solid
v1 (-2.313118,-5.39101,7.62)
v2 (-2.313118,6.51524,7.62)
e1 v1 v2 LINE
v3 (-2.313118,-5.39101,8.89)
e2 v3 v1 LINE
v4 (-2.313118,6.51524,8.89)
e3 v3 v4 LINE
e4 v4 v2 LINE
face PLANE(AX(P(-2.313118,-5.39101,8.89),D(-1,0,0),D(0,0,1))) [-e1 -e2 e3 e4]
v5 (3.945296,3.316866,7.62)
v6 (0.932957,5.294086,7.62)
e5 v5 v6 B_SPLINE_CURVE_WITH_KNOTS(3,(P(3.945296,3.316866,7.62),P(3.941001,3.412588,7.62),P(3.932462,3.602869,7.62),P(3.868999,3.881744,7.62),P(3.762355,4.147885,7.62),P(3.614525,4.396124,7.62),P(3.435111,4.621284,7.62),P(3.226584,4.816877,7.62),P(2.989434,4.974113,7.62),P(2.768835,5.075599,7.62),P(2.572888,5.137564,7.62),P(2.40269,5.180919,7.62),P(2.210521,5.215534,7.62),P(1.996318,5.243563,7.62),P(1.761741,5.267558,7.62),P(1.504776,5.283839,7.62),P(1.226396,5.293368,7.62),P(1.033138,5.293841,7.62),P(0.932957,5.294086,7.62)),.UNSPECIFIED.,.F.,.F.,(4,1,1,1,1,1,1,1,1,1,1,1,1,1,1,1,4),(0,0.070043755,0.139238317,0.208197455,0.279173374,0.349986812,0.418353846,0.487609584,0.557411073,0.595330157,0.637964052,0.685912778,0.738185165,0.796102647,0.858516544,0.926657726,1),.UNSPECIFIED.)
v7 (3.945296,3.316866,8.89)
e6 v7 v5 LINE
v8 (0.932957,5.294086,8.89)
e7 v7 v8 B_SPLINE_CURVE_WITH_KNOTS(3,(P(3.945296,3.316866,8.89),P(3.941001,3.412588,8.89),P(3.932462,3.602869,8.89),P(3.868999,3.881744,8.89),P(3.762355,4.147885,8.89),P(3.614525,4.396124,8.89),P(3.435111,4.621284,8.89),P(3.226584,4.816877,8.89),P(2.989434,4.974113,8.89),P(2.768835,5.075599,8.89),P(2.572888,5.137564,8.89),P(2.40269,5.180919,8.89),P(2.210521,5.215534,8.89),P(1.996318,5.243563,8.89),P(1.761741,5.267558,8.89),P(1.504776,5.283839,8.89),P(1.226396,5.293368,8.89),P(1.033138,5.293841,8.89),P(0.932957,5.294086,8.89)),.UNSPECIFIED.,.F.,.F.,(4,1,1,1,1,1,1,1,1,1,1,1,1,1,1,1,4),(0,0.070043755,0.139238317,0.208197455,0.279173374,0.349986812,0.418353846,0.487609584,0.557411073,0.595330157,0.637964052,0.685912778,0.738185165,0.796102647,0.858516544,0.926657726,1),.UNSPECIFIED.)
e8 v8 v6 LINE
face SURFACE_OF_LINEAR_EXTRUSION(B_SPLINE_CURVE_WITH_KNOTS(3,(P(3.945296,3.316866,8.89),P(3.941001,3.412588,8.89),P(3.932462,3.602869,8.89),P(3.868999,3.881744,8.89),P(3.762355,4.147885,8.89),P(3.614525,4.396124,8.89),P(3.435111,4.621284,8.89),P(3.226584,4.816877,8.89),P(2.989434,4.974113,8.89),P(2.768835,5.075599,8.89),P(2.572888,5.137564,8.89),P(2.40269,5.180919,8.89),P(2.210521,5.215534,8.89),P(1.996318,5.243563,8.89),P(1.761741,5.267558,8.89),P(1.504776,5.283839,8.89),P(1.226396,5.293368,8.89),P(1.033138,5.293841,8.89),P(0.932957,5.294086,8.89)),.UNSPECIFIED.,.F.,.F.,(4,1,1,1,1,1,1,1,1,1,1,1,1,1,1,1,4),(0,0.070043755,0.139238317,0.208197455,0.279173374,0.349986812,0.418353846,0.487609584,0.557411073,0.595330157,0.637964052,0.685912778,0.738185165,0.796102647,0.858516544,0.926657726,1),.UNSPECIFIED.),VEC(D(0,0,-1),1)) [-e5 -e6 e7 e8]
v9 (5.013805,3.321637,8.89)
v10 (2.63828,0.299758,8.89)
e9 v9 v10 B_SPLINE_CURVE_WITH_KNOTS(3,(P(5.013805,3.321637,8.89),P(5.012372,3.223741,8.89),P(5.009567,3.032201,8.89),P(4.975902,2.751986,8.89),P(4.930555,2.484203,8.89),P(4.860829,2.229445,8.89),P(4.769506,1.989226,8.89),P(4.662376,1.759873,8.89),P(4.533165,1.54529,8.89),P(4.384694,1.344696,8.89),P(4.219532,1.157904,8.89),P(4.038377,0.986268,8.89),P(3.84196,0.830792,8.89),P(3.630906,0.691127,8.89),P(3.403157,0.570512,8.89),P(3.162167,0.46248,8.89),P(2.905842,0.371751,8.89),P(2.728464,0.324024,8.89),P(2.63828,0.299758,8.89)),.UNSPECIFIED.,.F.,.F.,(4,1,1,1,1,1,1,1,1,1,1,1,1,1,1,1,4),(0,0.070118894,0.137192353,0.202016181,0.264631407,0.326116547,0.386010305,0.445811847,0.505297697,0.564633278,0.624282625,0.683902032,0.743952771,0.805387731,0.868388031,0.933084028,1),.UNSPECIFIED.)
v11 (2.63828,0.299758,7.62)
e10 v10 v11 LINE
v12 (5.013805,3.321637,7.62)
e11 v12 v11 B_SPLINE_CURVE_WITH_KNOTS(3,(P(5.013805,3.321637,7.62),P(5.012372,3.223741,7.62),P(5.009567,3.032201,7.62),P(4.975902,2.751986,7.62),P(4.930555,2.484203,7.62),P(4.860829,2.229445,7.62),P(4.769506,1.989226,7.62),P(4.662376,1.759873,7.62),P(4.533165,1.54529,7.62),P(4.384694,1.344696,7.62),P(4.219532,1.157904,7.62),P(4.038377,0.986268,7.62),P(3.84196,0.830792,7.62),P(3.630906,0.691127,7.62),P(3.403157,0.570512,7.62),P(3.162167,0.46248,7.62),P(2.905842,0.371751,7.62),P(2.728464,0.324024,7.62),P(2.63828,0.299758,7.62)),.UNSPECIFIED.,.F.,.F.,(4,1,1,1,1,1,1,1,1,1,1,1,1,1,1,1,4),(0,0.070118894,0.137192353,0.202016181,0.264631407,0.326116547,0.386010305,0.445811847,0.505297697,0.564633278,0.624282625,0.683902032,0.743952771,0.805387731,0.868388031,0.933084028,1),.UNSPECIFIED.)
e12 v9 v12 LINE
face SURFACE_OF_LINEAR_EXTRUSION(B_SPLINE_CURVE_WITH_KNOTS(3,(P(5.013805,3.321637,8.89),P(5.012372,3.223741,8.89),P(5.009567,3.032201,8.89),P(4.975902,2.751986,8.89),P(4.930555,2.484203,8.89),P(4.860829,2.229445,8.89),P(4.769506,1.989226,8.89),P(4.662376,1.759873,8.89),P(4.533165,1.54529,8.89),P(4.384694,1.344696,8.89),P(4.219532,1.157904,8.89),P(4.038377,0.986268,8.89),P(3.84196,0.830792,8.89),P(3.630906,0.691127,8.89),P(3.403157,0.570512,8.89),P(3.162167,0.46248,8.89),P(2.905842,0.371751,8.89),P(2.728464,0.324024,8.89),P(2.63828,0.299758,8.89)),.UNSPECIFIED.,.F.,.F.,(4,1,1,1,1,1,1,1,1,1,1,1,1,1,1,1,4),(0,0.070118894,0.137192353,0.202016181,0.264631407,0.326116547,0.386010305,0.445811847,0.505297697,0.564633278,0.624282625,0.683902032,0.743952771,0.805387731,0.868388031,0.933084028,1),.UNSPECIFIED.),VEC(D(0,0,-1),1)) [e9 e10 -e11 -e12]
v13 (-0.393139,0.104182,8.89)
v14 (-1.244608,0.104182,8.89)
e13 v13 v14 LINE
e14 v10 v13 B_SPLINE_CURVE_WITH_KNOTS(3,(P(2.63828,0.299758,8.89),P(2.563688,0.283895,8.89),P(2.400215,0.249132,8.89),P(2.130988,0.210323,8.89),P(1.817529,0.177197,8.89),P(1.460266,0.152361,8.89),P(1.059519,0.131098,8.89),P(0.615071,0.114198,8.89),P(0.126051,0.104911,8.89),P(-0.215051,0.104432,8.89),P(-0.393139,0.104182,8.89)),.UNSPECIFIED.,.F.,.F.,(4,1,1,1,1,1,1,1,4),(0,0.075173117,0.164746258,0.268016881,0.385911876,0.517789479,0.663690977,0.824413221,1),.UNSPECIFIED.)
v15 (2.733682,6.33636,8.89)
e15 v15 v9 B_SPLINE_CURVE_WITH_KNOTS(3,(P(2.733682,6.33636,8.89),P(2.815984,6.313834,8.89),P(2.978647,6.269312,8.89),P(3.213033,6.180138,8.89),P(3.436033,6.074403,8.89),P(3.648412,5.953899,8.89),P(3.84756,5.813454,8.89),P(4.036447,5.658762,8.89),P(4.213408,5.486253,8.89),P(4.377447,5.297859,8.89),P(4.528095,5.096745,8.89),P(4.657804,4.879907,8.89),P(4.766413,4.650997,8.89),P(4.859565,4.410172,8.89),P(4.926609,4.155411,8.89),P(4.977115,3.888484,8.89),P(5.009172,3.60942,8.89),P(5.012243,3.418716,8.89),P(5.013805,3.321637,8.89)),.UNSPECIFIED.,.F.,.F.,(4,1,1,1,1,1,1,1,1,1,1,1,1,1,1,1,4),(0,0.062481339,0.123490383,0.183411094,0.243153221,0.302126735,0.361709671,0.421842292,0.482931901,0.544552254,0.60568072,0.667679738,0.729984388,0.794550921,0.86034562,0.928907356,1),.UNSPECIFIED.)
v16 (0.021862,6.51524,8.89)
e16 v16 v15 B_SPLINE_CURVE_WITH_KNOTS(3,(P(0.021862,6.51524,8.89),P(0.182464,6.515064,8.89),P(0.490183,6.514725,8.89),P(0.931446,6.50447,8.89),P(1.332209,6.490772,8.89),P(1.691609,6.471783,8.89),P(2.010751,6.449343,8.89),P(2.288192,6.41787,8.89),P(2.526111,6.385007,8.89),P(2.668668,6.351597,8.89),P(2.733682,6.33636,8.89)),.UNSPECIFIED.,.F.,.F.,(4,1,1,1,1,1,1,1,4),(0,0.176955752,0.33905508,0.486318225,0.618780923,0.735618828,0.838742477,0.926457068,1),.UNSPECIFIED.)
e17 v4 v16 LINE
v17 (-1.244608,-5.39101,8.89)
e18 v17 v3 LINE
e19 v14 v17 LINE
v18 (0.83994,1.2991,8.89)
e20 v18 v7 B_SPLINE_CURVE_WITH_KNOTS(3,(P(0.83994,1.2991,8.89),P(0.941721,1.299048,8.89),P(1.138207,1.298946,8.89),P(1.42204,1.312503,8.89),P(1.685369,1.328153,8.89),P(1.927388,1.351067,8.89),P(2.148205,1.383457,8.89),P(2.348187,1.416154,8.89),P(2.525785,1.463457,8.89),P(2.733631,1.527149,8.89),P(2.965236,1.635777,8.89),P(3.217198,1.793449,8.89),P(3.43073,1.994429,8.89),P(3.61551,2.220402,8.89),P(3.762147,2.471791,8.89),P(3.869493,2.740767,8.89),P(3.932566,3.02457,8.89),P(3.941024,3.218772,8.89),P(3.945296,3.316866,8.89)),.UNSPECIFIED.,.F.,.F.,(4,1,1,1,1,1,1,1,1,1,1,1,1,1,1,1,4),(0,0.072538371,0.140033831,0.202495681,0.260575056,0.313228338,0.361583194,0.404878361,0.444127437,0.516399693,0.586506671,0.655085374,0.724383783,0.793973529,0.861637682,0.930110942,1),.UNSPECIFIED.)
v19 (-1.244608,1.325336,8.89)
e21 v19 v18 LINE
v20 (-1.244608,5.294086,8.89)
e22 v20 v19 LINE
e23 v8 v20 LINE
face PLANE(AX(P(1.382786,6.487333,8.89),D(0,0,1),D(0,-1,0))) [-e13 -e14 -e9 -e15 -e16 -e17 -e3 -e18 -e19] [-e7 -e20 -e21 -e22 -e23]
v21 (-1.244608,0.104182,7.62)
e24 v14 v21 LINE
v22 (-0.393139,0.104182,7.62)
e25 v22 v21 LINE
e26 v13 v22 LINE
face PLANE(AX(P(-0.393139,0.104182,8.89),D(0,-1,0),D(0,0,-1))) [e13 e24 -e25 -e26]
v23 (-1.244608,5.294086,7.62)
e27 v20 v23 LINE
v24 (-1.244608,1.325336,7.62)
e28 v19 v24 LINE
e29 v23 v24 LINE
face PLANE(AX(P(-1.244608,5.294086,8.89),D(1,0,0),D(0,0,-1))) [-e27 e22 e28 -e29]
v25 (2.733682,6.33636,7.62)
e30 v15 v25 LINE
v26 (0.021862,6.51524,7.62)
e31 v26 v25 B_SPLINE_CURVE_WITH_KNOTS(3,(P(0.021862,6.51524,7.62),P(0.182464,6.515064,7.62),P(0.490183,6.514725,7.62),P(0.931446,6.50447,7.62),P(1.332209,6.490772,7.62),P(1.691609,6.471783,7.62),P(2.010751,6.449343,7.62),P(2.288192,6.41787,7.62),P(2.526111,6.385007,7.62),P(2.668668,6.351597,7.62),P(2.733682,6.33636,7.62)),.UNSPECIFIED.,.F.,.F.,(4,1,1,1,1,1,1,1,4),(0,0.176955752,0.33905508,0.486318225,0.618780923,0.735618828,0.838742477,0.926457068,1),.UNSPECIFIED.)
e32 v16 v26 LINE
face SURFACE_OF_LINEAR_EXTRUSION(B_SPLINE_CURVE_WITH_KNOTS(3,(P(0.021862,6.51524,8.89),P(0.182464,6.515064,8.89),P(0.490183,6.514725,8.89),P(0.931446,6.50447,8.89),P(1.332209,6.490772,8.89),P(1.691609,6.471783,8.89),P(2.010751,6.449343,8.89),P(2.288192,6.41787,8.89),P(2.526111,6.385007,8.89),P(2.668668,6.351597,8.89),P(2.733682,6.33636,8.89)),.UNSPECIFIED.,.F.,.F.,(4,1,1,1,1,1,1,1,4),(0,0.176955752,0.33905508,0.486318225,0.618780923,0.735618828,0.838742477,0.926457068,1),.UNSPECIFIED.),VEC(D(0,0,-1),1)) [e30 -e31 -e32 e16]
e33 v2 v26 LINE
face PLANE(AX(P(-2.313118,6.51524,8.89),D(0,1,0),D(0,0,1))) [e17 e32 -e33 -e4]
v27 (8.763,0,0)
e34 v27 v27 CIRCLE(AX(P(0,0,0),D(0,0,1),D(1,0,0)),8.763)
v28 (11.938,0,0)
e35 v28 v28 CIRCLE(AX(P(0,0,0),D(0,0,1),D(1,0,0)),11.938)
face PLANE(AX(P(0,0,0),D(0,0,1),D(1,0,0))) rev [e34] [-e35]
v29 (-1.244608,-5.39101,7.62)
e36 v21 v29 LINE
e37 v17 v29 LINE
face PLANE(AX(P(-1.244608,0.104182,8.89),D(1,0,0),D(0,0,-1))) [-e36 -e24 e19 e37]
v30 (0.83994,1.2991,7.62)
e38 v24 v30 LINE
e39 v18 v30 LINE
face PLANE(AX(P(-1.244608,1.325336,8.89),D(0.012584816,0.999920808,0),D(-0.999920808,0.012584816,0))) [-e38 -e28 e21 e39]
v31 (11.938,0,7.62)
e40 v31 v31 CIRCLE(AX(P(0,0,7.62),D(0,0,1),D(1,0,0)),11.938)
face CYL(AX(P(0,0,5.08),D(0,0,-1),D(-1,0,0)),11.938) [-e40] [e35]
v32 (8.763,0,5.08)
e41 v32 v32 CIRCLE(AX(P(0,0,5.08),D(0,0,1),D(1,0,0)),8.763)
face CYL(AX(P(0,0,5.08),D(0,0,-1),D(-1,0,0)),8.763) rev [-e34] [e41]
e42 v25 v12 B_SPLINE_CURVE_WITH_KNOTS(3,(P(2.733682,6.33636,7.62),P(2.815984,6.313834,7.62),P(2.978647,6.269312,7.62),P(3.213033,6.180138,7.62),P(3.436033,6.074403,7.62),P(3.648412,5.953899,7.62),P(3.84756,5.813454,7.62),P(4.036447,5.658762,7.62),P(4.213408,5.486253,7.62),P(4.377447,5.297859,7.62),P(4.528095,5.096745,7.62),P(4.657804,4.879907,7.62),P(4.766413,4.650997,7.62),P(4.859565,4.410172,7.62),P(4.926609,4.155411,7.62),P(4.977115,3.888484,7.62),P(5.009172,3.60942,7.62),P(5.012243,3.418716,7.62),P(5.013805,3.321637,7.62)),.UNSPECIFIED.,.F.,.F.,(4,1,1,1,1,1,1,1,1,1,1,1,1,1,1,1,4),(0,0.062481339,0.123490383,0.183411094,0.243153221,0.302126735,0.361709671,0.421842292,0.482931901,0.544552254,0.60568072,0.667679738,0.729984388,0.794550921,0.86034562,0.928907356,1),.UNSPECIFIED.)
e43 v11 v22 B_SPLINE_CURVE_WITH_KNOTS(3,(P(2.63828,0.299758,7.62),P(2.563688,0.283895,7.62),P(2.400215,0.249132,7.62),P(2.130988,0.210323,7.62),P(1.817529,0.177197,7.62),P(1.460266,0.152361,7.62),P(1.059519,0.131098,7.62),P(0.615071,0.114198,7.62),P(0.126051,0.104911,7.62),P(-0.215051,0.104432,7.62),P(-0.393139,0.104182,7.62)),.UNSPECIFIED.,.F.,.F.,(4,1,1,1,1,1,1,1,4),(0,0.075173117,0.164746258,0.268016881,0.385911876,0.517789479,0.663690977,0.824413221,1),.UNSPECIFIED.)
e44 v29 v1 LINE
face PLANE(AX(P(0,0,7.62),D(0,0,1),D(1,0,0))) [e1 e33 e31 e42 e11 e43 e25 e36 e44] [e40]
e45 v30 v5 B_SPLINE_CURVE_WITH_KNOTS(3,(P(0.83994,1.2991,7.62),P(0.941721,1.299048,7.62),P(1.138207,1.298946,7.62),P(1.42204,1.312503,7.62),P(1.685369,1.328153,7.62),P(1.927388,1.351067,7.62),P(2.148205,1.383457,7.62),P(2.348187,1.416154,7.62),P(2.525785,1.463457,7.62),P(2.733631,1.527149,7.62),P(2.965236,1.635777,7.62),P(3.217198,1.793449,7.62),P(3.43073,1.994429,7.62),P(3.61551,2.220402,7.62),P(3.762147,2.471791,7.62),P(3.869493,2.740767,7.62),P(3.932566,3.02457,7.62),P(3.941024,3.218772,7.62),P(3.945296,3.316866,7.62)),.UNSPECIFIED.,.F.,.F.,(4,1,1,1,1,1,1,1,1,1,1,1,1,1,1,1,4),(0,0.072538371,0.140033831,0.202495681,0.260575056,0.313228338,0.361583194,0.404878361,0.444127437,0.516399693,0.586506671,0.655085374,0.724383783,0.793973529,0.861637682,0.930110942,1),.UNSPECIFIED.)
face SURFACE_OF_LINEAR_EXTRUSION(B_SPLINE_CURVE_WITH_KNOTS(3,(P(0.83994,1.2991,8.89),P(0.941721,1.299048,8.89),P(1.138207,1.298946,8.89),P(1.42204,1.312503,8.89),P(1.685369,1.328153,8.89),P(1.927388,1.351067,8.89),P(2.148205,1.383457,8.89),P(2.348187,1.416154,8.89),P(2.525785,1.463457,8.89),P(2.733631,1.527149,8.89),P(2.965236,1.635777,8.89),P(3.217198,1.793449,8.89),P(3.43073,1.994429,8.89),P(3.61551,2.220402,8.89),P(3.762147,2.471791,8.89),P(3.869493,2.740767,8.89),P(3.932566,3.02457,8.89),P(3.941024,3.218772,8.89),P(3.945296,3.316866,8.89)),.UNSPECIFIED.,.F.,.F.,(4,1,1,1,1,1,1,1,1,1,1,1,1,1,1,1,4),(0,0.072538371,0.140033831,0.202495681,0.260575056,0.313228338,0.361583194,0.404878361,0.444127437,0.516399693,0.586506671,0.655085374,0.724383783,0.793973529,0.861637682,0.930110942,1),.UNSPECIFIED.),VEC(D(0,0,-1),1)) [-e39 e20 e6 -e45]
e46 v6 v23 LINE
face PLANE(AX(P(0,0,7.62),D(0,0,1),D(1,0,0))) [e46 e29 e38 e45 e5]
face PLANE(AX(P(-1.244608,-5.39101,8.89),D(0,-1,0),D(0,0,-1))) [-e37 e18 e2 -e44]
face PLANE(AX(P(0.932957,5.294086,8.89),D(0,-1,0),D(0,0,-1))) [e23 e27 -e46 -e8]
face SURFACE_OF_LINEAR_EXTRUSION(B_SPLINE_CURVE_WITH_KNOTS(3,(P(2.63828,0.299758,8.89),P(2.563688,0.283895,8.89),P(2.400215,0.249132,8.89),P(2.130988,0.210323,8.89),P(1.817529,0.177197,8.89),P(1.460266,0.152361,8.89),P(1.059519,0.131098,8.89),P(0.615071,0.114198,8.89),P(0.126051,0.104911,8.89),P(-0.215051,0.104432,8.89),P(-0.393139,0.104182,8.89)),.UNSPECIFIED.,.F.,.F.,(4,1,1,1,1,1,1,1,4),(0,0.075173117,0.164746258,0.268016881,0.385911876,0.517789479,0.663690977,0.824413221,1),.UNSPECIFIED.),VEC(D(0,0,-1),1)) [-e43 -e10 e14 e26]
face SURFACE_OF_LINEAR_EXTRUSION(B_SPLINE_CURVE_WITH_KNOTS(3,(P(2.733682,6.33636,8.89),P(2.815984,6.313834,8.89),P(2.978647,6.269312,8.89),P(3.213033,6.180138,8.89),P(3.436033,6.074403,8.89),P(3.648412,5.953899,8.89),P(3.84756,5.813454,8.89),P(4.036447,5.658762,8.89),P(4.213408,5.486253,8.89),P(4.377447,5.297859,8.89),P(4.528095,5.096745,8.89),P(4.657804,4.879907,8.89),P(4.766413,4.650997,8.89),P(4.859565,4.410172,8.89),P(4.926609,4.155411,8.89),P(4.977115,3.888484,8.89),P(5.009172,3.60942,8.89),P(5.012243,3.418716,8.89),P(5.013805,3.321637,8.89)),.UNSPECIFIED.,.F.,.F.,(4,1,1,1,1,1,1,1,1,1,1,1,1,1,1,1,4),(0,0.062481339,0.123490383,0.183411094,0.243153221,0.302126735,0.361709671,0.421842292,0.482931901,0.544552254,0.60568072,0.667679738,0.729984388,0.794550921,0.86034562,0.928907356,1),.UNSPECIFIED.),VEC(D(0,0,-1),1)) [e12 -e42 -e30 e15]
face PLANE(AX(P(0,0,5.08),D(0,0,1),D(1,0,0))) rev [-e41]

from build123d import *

# Parameters (mm, degrees)
SKETCH1_R           = 11.938
SKETCH1_R_2         = 8.763
BOSS_EXTRUDE1_DEPTH = 5.08
SKETCH2_R           = 11.938
BOSS_EXTRUDE2_DEPTH = 2.54
BOSS_EXTRUDE3_DEPTH = 1.27


with BuildPart() as part:
    # Sketch1 → Boss-Extrude1 (new body)
    with BuildSketch(Plane.XY):
        Circle(SKETCH1_R)
        Circle(SKETCH1_R_2, mode=Mode.SUBTRACT)
    extrude(amount=BOSS_EXTRUDE1_DEPTH)

    # Sketch2 → Boss-Extrude2 (add)
    with BuildSketch(Plane.XY.offset(5.08)):
        Circle(SKETCH2_R)
    extrude(amount=BOSS_EXTRUDE2_DEPTH)

    # Sketch3 → Boss-Extrude3 (add)
    with BuildSketch(Plane.XY.offset(7.62)):
        with BuildLine():
            Line((-2.313117578, 6.515240045), (0.02186214, 6.515240045))
            add(Edge.make_bspline(
                [(0.02186214, 6.515240045), (0.182463526, 6.515063505), (0.490182914, 6.514725246), (0.931445737, 6.504469727), (1.332209199, 6.490771783), (1.691609156, 6.471783379), (2.010751418, 6.449343193), (2.288191875, 6.417869737), (2.526111258, 6.385007482), (2.668668019, 6.351597161), (2.733682302, 6.336360087)],
                knots=[0, 0, 0, 0, 1.415646017, 2.712440637, 3.8905458, 4.950247383, 5.884950622, 6.709939814, 7.411656543, 8, 8, 8, 8], degree=3))
            add(Edge.make_bspline(
                [(2.733682302, 6.336360087), (2.81598352, 6.313833632), (2.97864663, 6.269311531), (3.213033214, 6.180138061), (3.436033349, 6.074403196), (3.648412132, 5.953898543), (3.847559754, 5.813453901), (4.036447447, 5.658762398), (4.213408273, 5.486252508), (4.377447115, 5.297859098), (4.528094507, 5.096744813), (4.657803517, 4.879907406), (4.766413102, 4.650996811), (4.859565123, 4.410172252), (4.926609062, 4.15541142), (4.977115034, 3.888484478), (5.009172195, 3.609420041), (5.012242517, 3.418716385), (5.013805499, 3.321636529)],
                knots=[0, 0, 0, 0, 0.999701418, 1.975846123, 2.934577507, 3.890451536, 4.834027766, 5.787354733, 6.749476667, 7.726910423, 8.712836071, 9.690891519, 10.682875813, 11.679750201, 12.712814741, 13.765529915, 14.8625177, 16, 16, 16, 16], degree=3))
            add(Edge.make_bspline(
                [(5.013805499, 3.321636529), (5.012371903, 3.223740699), (5.009566974, 3.032200896), (4.975901932, 2.751986322), (4.930555476, 2.484203227), (4.860828897, 2.229445364), (4.769505669, 1.989225645), (4.662376454, 1.759873061), (4.533164623, 1.545289534), (4.384694265, 1.344696036), (4.219532145, 1.157904281), (4.03837706, 0.986267882), (3.84196036, 0.830791516), (3.630906267, 0.691126633), (3.403157228, 0.570511968), (3.162167402, 0.462480421), (2.905842112, 0.371751188), (2.728464453, 0.324023926), (2.638279658, 0.299757773)],
                knots=[0, 0, 0, 0, 1.121902311, 2.195077645, 3.232258892, 4.234102512, 5.217864754, 6.176164875, 7.132989551, 8.084763148, 9.034132444, 9.988522005, 10.94243251, 11.903244335, 12.886203696, 13.894208494, 14.929344452, 16, 16, 16, 16], degree=3))
            add(Edge.make_bspline(
                [(2.638279658, 0.299757773), (2.563687566, 0.283895311), (2.400214661, 0.249131802), (2.130988079, 0.210322676), (1.817529222, 0.177197445), (1.46026593, 0.15236054), (1.059518887, 0.131098126), (0.615071307, 0.114197735), (0.126050741, 0.104911357), (-0.215050545, 0.10443241), (-0.393139363, 0.104182352)],
                knots=[0, 0, 0, 0, 0.601384939, 1.31797006, 2.144135048, 3.087295005, 4.142315834, 5.309527816, 6.595305764, 8, 8, 8, 8], degree=3))
            Line((-0.393139363, 0.104182352), (-1.244607962, 0.104182352))
            Line((-1.244607962, 0.104182352), (-1.244607962, -5.391009955))
            Line((-1.244607962, -5.391009955), (-2.313117578, -5.391009955))
            Line((-2.313117578, -5.391009955), (-2.313117578, 6.515240045))
        make_face()
        with BuildLine():
            Line((-1.244607962, 5.294086198), (-1.244607962, 1.325336198))
            Line((-1.244607962, 1.325336198), (0.839939814, 1.299100471))
            add(Edge.make_bspline(
                [(0.839939814, 1.299100471), (0.94172099, 1.299047867), (1.138207453, 1.298946317), (1.422039605, 1.312503193), (1.685369413, 1.328153219), (1.927388013, 1.351067388), (2.148204504, 1.383456665), (2.34818708, 1.416153738), (2.525785069, 1.463456802), (2.733631461, 1.527148671), (2.96523642, 1.635776587), (3.217198348, 1.793448981), (3.430730432, 1.99442889), (3.615509638, 2.220402137), (3.762146598, 2.47179114), (3.869493322, 2.74076672), (3.932566366, 3.024570386), (3.941023864, 3.218772002), (3.945295884, 3.316866397)],
                knots=[0, 0, 0, 0, 1.160613943, 2.240541288, 3.23993089, 4.169200891, 5.011653406, 5.7853311, 6.478053781, 7.106038997, 8.262395093, 9.384106736, 10.481365981, 11.59014053, 12.70357646, 13.786202915, 14.881775077, 16, 16, 16, 16], degree=3))
            add(Edge.make_bspline(
                [(3.945295884, 3.316866397), (3.941000631, 3.41258759), (3.9324622, 3.602869475), (3.868998951, 3.881743651), (3.762355303, 4.147884753), (3.614525281, 4.396123552), (3.435111258, 4.62128368), (3.226584029, 4.816876585), (2.989434452, 4.974112913), (2.768834666, 5.075599345), (2.572887774, 5.137563809), (2.402689768, 5.180919025), (2.210520599, 5.215534257), (1.996317706, 5.24356328), (1.761741333, 5.267557643), (1.504776173, 5.283838512), (1.226395654, 5.293368466), (1.033138266, 5.293841162), (0.932957392, 5.294086198)],
                knots=[0, 0, 0, 0, 1.120700087, 2.227813068, 3.331159281, 4.466773991, 5.599788987, 6.693661531, 7.80175334, 8.91857717, 9.525282508, 10.207424825, 10.974604443, 11.810962634, 12.737642355, 13.736264703, 14.826523623, 16, 16, 16, 16], degree=3))
            Line((0.932957392, 5.294086198), (-1.244607962, 5.294086198))
        make_face(mode=Mode.SUBTRACT)
    extrude(amount=BOSS_EXTRUDE3_DEPTH)


solid = part.part
